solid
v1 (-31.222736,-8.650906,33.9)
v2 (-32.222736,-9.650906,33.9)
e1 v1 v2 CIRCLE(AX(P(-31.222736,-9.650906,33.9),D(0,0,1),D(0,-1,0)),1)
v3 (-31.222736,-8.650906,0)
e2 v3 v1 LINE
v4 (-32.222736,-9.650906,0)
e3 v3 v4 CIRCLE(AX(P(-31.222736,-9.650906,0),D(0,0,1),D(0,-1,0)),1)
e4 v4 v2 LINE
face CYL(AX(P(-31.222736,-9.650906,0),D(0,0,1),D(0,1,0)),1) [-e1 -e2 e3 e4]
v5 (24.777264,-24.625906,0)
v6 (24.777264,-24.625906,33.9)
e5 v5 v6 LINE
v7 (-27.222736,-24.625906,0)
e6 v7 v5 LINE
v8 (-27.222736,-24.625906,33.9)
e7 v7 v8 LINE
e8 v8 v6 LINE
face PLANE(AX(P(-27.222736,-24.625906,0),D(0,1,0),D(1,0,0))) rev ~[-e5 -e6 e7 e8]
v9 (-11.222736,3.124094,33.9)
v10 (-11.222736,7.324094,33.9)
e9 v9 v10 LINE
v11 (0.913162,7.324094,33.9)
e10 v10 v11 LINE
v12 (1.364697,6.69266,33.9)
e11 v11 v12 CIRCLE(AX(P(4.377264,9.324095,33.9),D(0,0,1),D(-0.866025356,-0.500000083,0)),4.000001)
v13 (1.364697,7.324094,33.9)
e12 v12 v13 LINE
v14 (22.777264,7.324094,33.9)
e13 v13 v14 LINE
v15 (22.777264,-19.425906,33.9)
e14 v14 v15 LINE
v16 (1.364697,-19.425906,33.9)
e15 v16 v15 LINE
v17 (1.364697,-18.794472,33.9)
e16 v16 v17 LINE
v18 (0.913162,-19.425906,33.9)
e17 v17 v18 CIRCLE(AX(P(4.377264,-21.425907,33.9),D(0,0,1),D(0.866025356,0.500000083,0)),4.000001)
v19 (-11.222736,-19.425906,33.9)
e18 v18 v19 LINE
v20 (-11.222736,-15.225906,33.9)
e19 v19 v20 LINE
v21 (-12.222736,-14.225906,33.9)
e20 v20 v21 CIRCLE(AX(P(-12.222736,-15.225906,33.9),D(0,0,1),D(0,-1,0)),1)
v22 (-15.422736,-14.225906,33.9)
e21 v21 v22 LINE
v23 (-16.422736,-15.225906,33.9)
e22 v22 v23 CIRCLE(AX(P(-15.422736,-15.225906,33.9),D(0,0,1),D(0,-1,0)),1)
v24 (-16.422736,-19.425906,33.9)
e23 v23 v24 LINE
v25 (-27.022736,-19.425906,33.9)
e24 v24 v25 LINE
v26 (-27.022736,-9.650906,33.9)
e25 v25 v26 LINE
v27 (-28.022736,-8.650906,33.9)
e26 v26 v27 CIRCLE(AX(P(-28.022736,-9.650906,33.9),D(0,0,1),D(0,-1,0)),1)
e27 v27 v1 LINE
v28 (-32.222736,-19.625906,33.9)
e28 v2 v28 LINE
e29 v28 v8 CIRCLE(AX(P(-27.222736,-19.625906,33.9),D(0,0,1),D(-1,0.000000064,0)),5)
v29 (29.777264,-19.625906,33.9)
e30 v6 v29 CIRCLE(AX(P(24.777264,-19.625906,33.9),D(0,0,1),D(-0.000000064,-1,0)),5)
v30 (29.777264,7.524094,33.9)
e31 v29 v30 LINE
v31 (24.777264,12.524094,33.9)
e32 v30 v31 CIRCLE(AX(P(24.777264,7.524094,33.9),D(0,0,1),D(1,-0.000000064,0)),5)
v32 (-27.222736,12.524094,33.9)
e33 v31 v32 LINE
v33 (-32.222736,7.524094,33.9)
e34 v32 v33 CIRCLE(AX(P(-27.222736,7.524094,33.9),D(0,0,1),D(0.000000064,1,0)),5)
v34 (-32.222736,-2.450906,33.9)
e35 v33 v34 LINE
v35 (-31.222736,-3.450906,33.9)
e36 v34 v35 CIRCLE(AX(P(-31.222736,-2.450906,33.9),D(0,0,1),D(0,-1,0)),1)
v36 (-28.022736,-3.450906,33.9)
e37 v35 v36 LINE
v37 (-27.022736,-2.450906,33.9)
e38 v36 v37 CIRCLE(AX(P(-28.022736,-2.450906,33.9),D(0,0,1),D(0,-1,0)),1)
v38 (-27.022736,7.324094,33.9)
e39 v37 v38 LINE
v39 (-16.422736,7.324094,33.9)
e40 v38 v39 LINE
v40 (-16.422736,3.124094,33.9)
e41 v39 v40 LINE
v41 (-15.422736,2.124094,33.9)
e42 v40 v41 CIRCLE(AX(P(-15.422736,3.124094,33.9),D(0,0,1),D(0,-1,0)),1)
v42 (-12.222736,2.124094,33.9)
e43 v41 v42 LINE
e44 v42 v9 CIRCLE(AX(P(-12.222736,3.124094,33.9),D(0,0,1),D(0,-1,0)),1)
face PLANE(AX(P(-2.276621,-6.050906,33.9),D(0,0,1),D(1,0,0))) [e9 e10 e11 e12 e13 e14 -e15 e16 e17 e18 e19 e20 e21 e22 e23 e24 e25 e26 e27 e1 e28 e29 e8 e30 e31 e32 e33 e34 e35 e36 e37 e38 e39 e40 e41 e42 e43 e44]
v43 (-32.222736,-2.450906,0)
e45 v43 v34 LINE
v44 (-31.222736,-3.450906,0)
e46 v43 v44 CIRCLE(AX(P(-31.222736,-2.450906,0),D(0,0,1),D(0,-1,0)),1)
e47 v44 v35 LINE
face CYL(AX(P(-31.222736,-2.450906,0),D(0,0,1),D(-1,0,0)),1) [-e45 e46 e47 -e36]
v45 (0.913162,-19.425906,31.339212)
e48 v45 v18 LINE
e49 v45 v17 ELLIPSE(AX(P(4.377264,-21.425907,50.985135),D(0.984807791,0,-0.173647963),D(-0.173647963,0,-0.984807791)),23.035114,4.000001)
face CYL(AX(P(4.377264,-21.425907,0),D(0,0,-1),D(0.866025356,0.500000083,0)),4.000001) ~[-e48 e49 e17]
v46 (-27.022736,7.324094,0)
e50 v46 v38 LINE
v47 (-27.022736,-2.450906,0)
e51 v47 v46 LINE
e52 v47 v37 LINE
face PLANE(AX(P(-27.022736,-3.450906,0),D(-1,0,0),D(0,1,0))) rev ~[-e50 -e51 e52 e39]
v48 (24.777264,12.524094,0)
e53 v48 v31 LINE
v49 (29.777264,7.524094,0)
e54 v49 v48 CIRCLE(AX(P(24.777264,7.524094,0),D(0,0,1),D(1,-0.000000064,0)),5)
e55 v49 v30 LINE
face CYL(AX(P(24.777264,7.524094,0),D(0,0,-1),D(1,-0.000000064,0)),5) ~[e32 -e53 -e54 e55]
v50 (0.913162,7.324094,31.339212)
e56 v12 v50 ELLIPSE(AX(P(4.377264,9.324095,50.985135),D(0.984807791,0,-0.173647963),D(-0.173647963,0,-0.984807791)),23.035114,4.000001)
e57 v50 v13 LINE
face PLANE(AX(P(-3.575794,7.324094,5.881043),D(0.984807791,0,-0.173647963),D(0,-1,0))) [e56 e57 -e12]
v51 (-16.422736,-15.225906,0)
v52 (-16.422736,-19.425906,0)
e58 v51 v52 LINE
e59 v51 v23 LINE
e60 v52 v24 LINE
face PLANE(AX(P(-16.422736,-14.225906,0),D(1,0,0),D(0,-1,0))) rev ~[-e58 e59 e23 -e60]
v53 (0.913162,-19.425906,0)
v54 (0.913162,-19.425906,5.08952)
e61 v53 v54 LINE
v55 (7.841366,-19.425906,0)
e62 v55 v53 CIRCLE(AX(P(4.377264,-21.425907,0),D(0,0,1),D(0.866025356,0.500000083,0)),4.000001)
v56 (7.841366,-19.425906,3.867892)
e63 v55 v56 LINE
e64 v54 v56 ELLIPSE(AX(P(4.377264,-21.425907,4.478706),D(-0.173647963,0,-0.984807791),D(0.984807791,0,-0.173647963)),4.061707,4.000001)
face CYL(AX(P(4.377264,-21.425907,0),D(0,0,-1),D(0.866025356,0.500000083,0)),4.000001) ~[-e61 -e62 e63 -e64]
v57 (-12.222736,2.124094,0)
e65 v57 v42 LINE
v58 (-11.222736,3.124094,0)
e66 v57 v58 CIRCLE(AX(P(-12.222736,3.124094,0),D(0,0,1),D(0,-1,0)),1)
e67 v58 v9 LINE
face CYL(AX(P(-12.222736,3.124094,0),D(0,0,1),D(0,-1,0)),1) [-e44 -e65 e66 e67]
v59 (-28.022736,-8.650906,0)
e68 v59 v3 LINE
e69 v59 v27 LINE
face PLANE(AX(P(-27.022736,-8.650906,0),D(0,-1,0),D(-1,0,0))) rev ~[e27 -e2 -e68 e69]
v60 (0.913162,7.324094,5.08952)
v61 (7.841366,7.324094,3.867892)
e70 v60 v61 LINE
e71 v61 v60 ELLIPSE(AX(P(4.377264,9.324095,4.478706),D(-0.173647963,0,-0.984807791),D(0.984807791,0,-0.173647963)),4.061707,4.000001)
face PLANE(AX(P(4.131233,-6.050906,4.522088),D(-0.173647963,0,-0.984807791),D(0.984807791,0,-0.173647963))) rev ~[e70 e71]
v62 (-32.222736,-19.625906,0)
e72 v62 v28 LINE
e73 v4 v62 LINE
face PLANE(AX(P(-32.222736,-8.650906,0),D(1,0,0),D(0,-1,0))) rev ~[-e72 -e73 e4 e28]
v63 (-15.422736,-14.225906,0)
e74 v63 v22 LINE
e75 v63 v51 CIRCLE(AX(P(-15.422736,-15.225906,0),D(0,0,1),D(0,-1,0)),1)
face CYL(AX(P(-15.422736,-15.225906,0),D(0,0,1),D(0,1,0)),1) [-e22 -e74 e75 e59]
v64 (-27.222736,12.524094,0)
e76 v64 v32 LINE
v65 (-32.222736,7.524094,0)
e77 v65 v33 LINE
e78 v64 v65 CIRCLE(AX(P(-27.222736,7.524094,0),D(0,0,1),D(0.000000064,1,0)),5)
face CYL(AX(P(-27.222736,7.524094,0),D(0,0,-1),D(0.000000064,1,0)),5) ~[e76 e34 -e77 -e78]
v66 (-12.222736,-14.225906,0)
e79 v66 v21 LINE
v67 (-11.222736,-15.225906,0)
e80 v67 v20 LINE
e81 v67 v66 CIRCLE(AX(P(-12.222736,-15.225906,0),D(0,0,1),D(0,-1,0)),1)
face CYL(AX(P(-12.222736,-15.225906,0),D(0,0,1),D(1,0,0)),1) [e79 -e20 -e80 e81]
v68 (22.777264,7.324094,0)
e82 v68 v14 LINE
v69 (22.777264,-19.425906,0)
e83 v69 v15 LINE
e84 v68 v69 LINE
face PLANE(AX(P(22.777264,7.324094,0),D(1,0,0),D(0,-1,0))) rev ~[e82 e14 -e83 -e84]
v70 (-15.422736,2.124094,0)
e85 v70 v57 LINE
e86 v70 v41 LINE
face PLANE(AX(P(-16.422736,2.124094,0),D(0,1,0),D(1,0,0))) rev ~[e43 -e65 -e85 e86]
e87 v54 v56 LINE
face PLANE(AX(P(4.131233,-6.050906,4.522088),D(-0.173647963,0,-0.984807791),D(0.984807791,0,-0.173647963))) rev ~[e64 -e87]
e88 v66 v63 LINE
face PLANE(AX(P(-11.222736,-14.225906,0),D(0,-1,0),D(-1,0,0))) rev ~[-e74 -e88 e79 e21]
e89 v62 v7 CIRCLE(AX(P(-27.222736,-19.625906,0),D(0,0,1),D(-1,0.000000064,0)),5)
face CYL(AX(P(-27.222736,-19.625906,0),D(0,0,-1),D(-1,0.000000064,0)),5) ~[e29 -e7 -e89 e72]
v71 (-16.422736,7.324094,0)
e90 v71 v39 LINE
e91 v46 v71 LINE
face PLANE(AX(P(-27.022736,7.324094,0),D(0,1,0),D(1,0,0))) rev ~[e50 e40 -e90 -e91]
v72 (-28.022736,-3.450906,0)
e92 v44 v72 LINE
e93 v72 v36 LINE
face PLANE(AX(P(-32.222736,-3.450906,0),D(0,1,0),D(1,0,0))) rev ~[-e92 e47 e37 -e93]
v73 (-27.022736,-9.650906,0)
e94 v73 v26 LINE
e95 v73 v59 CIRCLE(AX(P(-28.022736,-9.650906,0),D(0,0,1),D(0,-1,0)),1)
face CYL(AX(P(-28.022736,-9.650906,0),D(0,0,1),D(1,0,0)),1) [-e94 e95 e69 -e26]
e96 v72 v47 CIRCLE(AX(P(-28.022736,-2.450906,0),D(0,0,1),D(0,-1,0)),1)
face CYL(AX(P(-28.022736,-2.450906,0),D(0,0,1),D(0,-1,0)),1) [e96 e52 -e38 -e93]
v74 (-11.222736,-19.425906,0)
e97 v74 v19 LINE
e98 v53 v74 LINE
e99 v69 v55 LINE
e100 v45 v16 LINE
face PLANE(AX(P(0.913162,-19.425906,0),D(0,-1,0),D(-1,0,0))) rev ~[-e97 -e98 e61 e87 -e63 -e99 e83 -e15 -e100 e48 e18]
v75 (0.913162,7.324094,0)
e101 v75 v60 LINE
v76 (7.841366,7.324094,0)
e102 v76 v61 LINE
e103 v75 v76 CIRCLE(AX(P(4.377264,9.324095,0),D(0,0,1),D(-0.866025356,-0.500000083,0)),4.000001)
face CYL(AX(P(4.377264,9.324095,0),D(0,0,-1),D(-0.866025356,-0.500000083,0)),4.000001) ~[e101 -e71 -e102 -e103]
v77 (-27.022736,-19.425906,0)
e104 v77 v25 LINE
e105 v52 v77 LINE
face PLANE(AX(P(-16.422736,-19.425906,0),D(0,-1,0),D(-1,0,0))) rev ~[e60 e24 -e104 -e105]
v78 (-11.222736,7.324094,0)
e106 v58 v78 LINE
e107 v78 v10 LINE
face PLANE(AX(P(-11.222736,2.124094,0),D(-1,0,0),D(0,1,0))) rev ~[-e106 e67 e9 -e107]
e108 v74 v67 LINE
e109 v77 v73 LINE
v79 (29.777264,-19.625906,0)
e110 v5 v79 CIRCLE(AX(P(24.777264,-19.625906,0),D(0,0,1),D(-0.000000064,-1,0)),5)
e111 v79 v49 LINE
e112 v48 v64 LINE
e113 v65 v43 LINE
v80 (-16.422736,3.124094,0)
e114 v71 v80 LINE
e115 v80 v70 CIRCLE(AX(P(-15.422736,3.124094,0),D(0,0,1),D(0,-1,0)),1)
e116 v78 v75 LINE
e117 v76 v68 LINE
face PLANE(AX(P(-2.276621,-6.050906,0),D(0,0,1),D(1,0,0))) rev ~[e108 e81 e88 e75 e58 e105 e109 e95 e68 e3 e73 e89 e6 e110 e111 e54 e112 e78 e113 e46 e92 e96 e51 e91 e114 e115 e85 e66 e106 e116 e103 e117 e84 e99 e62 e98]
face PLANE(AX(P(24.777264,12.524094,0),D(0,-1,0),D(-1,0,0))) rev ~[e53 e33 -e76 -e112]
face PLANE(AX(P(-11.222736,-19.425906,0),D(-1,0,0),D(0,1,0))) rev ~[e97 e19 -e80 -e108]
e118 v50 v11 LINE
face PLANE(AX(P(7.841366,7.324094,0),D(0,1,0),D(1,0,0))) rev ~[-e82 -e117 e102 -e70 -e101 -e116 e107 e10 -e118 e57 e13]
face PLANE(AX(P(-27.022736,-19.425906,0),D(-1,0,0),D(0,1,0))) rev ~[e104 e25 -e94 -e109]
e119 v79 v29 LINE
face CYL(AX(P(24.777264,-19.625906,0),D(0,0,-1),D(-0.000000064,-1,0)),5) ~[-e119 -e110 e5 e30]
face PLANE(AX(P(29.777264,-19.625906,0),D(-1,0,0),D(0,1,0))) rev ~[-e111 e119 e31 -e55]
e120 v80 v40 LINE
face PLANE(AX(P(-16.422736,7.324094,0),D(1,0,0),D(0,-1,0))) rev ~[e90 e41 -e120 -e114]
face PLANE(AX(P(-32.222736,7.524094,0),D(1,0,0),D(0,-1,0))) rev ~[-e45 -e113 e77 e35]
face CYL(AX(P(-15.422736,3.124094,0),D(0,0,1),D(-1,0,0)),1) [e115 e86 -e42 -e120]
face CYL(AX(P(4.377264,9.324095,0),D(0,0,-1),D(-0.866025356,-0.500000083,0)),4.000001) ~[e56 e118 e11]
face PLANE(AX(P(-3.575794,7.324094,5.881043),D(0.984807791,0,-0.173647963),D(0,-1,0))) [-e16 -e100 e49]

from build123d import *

# Parameters (mm, degrees)
F1_DEPTH = 33.9
F2_R     = 1
F4_W     = 15.65184
F4_H     = 26.75
F5_DEPTH = 33.1


with BuildPart() as f1:
    # F0 (on Top) → F1 (new body)
    with BuildSketch(Plane.XY):
        with BuildLine():
            Line((7.841366, 7.324094), (22.777264, 7.324094))
            Line((22.777264, 7.324094), (22.777264, -19.425906))
            Line((22.777264, -19.425906), (7.841366, -19.425906))
            ThreePointArc((7.841366, -19.425906), (4.377264, -17.425906), (0.913162, -19.425906))
            Line((0.913162, -19.425906), (-11.222736, -19.425906))
            Line((-11.222736, -19.425906), (-11.222736, -14.225906))
            Line((-11.222736, -14.225906), (-16.422736, -14.225906))
            Line((-16.422736, -14.225906), (-16.422736, -19.425906))
            Line((-16.422736, -19.425906), (-27.022736, -19.425906))
            Line((-27.022736, -19.425906), (-27.022736, -8.650906))
            Line((-27.022736, -8.650906), (-32.222736, -8.650906))
            Line((-32.222736, -8.650906), (-32.222736, -19.625906))
            ThreePointArc((-32.222736, -19.625906), (-30.75827, -23.16144), (-27.222736, -24.625906))
            Line((-27.222736, -24.625906), (24.777264, -24.625906))
            ThreePointArc((24.777264, -24.625906), (28.312798, -23.16144), (29.777264, -19.625906))
            Line((29.777264, -19.625906), (29.777264, 7.524094))
            ThreePointArc((29.777264, 7.524094), (28.312798, 11.059628), (24.777264, 12.524094))
            Line((24.777264, 12.524094), (-27.222736, 12.524094))
            ThreePointArc((-27.222736, 12.524094), (-30.75827, 11.059628), (-32.222736, 7.524094))
            Line((-32.222736, 7.524094), (-32.222736, -3.450906))
            Line((-32.222736, -3.450906), (-27.022736, -3.450906))
            Line((-27.022736, -3.450906), (-27.022736, 7.324094))
            Line((-27.022736, 7.324094), (-16.422736, 7.324094))
            Line((-16.422736, 7.324094), (-16.422736, 2.124094))
            Line((-16.422736, 2.124094), (-11.222736, 2.124094))
            Line((-11.222736, 2.124094), (-11.222736, 7.324094))
            Line((-11.222736, 7.324094), (0.913162, 7.324094))
            ThreePointArc((0.913162, 7.324094), (4.377264, 5.324094), (7.841366, 7.324094))
        make_face()
    extrude(amount=F1_DEPTH)

    # F2
    f2_edges = [f1.edges().sort_by_distance(p)[0] for p in [
        (-16.422736, -14.225906, 16.95),
        (-11.222736, -14.225906, 16.95),
        (-11.222736, 2.124094, 16.95),
        (-16.422736, 2.124094, 16.95),
        (-27.022736, -8.650906, 16.95),
        (-32.222736, -8.650906, 16.95),
        (-27.022736, -3.450906, 16.95),
        (-32.222736, -3.450906, 16.95),
    ]]
    fillet(f2_edges, radius=F2_R)

    # F4 (on face) → F5 (cut)
    with BuildSketch(Plane(origin=(0.897894, 0, 5.092212), x_dir=(0.984808, 0, -0.173648), z_dir=(-0.173648, 0, -0.984808))):
        with Locations((3.283218, 6.050906)):
            Rectangle(F4_W, F4_H)
    extrude(amount=-F5_DEPTH, mode=Mode.SUBTRACT)


solid = f1.part
